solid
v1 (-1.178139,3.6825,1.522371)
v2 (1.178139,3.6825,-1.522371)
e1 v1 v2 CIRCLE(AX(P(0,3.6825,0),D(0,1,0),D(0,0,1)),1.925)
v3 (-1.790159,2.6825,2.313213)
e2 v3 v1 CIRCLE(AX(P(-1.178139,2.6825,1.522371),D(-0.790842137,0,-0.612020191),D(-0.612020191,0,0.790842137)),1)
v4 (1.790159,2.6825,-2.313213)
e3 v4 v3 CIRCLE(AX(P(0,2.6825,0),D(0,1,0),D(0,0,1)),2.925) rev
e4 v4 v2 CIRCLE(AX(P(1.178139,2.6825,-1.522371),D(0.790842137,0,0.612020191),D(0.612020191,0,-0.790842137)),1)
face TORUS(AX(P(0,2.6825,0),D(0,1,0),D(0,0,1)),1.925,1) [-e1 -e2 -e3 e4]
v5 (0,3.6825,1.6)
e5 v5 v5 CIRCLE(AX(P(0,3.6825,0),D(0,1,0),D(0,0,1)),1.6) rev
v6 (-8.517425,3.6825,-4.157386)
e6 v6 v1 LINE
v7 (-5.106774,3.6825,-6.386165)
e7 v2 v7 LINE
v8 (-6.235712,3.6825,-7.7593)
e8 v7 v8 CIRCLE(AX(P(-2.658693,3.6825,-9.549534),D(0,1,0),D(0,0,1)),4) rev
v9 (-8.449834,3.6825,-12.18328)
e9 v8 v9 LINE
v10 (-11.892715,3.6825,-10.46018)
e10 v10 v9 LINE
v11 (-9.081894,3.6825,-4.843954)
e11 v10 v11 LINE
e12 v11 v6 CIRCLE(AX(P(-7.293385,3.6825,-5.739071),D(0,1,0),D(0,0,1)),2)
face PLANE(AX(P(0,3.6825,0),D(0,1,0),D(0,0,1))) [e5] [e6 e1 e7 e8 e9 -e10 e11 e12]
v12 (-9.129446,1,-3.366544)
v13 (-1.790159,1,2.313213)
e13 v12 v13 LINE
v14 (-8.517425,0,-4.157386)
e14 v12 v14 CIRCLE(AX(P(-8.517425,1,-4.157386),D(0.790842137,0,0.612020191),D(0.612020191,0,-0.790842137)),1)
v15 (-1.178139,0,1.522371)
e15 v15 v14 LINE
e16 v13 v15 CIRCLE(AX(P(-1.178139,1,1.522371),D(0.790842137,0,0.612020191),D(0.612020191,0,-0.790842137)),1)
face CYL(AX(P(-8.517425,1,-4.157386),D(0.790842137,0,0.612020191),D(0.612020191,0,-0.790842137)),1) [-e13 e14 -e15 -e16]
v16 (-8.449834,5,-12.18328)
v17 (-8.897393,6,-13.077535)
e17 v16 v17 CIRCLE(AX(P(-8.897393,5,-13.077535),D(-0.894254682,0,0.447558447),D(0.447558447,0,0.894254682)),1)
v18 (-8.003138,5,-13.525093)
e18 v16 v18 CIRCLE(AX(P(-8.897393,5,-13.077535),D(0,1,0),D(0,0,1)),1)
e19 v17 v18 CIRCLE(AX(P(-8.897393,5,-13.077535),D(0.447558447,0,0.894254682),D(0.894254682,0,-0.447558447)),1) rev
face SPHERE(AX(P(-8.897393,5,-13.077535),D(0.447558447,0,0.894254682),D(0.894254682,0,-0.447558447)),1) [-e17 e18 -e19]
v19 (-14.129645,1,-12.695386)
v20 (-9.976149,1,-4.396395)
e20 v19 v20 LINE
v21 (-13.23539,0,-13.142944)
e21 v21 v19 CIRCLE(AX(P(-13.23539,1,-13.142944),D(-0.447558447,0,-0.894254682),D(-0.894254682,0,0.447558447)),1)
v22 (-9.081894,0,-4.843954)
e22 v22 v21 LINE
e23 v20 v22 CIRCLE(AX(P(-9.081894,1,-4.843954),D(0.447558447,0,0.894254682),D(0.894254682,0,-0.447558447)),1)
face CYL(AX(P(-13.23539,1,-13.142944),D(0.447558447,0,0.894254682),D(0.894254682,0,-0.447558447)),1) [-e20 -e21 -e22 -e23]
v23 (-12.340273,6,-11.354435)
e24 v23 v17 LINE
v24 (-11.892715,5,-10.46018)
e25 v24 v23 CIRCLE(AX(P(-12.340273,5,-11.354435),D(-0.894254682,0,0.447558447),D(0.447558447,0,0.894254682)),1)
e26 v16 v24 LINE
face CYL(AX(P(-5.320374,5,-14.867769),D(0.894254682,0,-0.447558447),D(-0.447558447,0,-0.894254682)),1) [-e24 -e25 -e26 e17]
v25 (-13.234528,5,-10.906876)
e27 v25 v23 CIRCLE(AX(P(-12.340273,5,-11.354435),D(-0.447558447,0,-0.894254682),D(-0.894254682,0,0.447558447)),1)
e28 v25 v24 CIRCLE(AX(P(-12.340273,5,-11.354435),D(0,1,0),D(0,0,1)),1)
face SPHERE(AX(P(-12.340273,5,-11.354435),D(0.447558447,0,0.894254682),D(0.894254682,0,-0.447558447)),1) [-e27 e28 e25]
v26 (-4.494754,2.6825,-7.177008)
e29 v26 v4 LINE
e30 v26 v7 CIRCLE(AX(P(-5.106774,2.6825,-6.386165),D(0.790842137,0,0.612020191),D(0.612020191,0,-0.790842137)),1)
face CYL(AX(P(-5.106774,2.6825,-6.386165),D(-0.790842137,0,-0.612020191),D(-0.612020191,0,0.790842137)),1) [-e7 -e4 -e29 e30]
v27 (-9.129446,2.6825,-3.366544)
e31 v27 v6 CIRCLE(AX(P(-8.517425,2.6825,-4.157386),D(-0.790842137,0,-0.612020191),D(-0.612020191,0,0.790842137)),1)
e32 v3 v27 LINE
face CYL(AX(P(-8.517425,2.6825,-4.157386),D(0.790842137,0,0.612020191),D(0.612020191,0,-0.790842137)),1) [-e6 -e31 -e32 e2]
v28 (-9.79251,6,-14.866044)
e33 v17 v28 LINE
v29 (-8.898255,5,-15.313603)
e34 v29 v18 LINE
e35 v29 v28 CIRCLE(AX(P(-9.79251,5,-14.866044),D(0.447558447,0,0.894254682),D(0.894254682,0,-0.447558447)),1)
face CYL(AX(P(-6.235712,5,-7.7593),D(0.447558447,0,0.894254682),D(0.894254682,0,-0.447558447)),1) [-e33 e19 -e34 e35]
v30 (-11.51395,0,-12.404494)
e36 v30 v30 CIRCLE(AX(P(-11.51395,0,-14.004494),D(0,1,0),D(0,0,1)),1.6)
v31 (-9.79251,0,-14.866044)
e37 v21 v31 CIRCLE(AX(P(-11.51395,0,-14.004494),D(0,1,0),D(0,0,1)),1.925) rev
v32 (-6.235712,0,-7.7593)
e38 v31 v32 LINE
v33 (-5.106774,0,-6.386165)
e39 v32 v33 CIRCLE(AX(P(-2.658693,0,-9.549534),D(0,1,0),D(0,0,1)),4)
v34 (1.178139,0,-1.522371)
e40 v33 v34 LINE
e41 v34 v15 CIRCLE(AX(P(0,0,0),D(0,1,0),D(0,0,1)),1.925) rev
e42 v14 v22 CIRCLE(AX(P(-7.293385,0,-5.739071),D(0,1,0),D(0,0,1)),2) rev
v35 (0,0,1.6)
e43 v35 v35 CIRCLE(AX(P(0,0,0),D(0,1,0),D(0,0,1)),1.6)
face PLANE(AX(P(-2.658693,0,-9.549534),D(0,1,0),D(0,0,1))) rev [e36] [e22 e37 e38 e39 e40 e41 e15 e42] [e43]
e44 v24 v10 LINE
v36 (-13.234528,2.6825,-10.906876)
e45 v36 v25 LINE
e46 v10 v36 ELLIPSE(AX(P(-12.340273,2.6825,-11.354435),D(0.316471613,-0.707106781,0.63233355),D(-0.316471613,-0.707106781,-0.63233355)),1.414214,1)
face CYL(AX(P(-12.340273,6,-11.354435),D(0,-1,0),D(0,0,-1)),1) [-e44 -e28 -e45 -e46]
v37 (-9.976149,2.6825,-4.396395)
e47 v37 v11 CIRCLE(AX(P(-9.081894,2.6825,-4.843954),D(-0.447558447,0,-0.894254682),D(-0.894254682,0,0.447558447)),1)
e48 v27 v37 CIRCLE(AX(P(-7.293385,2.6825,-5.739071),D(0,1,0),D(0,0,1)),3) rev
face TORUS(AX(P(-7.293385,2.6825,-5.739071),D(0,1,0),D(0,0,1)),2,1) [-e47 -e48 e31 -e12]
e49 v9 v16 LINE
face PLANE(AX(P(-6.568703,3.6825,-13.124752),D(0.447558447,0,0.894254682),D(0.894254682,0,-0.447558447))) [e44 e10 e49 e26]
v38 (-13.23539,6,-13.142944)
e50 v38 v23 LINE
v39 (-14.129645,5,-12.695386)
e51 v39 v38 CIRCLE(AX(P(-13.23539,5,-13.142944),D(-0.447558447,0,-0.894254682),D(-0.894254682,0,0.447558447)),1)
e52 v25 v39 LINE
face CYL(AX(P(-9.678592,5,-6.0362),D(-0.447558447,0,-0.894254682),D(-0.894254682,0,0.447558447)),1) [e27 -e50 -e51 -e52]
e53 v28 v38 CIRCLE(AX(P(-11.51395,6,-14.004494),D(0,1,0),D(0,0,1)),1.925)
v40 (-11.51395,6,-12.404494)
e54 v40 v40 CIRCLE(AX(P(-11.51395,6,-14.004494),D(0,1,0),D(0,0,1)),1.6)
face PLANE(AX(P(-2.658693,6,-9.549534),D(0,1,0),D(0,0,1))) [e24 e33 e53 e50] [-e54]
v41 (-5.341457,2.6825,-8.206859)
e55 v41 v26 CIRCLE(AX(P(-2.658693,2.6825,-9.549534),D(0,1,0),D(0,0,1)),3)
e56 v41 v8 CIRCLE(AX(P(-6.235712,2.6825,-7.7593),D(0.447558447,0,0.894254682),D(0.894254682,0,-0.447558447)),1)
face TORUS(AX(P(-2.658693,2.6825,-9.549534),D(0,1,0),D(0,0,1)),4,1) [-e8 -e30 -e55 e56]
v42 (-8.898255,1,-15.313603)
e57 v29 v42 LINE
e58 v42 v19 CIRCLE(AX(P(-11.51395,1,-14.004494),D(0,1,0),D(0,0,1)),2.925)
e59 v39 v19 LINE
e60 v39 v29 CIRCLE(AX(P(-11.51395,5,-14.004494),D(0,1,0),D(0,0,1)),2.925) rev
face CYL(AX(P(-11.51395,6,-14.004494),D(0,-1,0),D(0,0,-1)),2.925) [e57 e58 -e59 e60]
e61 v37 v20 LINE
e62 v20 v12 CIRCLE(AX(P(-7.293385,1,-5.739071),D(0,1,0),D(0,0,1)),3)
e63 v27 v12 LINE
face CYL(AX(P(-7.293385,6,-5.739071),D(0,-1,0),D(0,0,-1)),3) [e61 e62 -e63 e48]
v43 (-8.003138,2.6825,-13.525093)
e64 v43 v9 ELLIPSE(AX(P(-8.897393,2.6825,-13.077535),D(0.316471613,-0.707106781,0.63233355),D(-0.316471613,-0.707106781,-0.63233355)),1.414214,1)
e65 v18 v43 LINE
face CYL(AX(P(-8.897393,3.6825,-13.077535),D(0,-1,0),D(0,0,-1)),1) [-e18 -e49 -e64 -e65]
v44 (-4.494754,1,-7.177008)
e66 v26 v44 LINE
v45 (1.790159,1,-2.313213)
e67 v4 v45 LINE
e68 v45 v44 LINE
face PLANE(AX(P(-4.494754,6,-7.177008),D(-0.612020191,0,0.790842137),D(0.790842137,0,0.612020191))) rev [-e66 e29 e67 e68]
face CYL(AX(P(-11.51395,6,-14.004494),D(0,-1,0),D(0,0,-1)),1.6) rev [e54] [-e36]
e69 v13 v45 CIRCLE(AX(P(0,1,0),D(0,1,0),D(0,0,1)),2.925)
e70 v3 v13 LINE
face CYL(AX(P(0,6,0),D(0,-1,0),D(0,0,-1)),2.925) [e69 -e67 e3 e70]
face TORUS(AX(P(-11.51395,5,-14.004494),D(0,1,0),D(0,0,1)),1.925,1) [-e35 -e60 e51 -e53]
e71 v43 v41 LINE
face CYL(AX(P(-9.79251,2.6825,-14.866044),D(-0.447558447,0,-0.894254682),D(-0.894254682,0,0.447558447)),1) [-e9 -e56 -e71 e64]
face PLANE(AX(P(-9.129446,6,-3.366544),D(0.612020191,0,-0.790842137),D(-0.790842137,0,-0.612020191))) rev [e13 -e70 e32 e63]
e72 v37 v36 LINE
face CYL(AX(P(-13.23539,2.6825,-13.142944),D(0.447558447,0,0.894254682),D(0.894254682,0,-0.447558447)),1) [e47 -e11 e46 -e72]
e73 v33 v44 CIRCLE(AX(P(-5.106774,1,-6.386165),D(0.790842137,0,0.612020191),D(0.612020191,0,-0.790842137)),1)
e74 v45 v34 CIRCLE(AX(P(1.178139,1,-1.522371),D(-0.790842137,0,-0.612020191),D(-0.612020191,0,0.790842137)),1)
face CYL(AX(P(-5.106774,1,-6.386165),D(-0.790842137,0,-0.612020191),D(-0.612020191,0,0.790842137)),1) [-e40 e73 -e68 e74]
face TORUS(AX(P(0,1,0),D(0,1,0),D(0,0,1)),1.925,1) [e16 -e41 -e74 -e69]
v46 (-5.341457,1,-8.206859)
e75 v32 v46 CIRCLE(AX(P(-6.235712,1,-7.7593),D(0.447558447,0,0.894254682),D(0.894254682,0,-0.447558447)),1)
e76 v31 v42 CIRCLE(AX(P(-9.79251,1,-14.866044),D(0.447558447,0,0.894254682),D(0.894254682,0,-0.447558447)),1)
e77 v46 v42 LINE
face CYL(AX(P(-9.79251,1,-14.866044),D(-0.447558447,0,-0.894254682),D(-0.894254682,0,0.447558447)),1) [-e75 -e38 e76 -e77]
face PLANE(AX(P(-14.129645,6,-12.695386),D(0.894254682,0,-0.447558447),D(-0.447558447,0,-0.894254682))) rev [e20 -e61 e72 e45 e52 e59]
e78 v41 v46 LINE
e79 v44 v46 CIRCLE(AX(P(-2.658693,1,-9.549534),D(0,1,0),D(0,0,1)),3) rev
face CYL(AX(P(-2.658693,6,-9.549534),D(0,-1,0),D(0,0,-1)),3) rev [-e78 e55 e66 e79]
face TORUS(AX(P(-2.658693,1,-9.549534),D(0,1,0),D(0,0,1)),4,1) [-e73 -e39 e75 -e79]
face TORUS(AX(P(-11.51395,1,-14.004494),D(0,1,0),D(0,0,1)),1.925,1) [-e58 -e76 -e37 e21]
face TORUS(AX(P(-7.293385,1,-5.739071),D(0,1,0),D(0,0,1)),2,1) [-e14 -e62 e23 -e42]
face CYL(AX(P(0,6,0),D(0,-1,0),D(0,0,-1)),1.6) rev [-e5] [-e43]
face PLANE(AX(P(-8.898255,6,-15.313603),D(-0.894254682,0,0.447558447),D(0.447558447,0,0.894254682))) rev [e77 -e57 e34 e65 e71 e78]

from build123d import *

# Parameters (mm, degrees)
SKETCH1_R           = 1.6000000000000019
SKETCH1_R_2         = 1.6
BOSS_EXTRUDE1_DEPTH = 6
FILLET2_R           = 1
CUT_EXTRUDE1_START  = -2.3175
SKETCH3_R           = 1.6
CUT_EXTRUDE1_DEPTH  = 2.3175
FILLET3_R           = 1
FILLET4_R           = 1


with BuildPart() as part:
    # Sketch1 → Boss-Extrude1 (new body)
    with BuildSketch(Plane(origin=(0, 0, 0), x_dir=(1, 0, 0), z_dir=(0, 1, 0))):
        with BuildLine():
            Line((-14.129644992635422, 12.695385617697283), (-9.976148994946639, 4.396395245283378))
            ThreePointArc((-9.976148994946639, 4.396395245283378), (-9.61073090700793, 3.833838918319386), (-9.129445521149016, 3.3665441747595697))
            Line((-9.129445521149016, 3.3665441747595697), (-1.790159058231558, -2.3132132513522183))
            ThreePointArc((-1.790159058231558, -2.3132132513522183), (2.313213251352219, -1.790159058231561), (1.790159058231562, 2.3132132513522174))
            Line((1.790159058231562, 2.3132132513522174), (-4.4947536043408105, 7.1770075109265346))
            ThreePointArc((-4.4947536043408105, 7.1770075109265346), (-4.976038990199725, 7.644302254486349), (-5.3414570781384345, 8.20685858145034))
            Line((-5.3414570781384345, 8.20685858145034), (-8.898255102266939, 15.313602532880296))
            ThreePointArc((-8.898255102266939, 15.313602532880296), (-12.823058505042685, 16.62018902047303), (-14.129644992635422, 12.695385617697283))
        make_face()
        with Locations(Location((-11.51395004745118, 14.00449407528879, 0), (0, 0, 270))):
            Circle(SKETCH1_R, mode=Mode.SUBTRACT)
        with Locations(Location((1.73e-15, -8.7e-16, 0), (0, 0, 270))):
            Circle(SKETCH1_R_2, mode=Mode.SUBTRACT)
    extrude(amount=BOSS_EXTRUDE1_DEPTH)

    # Fillet2
    fillet2_edges = [part.edges().sort_by_distance(p)[0] for p in [
        (-12.05289699379103, 0, -8.545890431490331),
        (-12.823058505042688, 0, -16.62018902047303),
        (-7.119856090202687, 0, -11.760230557165318),
        (-4.976038990199726, 0, -7.64430225448635),
        (-12.823058505042688, 6, -16.62018902047303),
        (-12.05289699379103, 6, -8.545890431490331),
        (-9.61073090700793, 6, -3.833838918319386),
        (-5.459802289690288, 6, -0.5266654617036757),
        (2.3132132513522197, 6, 1.7901590582315603),
        (-1.352297273054624, 6, -4.745110381139376),
        (-4.976038990199726, 6, -7.64430225448635),
        (-1.352297273054624, 0, -4.745110381139376),
        (-7.119856090202687, 6, -11.760230557165318),
        (2.3132132513522197, 0, 1.7901590582315603),
        (-5.459802289690288, 0, -0.5266654617036757),
        (-9.61073090700793, 0, -3.833838918319386),
    ]]
    fillet(fillet2_edges, radius=FILLET2_R)

    # Sketch3 → Cut-Extrude1 (cut)
    # profile 1 of 2: a face of its own
    with BuildSketch(Plane(origin=(0, 6, 0), x_dir=(1, 0, 0), z_dir=(0, 1, 0)).offset(CUT_EXTRUDE1_START)):
        with BuildLine():
            ThreePointArc((-5.106773795189211, 6.386165373712101), (-5.748487643001094, 7.009225031791857), (-6.2357117602527055, 7.75930013441051))
            Line((-6.235711760252705, 7.75930013441051), (-8.449834443261716, 12.183280039497655))
            Line((-8.449834443261715, 12.183280039497657), (-11.892714969401661, 10.460180018394306))
            Line((-11.89271496940166, 10.460180018394302), (-9.08189431283237, 4.843953692323209))
            ThreePointArc((-9.08189431283237, 4.84395369232321), (-8.838282254206565, 4.4689161410138825), (-8.517425330300622, 4.157386311974004))
            Line((-8.517425330300622, 4.157386311974004), (-1.1781388673831632, -1.5223711141377843))
            ThreePointArc((-1.1781388673831628, -1.522371114137784), (1.5223711141377851, -1.1781388673831652), (1.1781388673831665, 1.5223711141377825))
            Line((1.178138867383166, 1.5223711141377825), (-5.10677379518921, 6.386165373712102))
        make_face()
        with Locations(Location((1.73e-15, -8.7e-16, 0), (0, 0, 270))):
            Circle(SKETCH3_R, mode=Mode.SUBTRACT)
    # profile 2 of 2: a face of its own
    with BuildSketch(Plane(origin=(0, 6, 0), x_dir=(1, 0, 0), z_dir=(0, 1, 0)).offset(CUT_EXTRUDE1_START)):
        with BuildLine():
            Line((-8.449834443261716, 12.183280039497655), (-6.235711760252705, 7.75930013441051))
            ThreePointArc((-6.2357117602527055, 7.75930013441051), (-5.748487643001094, 7.009225031791857), (-5.106773795189211, 6.386165373712101))
            Line((-5.10677379518921, 6.386165373712102), (1.178138867383166, 1.5223711141377825))
            ThreePointArc((1.1781388673831665, 1.5223711141377825), (1.5223711141377851, -1.1781388673831652), (-1.1781388673831628, -1.522371114137784))
            Line((-1.1781388673831632, -1.5223711141377843), (-8.517425330300622, 4.157386311974004))
            ThreePointArc((-8.517425330300622, 4.157386311974004), (-8.838282254206565, 4.4689161410138825), (-9.08189431283237, 4.84395369232321))
            Line((-9.08189431283237, 4.843953692323209), (-11.89271496940166, 10.460180018394302))
            Line((-11.892714969401661, 10.460180018394306), (-12.78696965151593, 10.012621571354474))
            Line((-12.78696965151593, 10.012621571354474), (-9.976148994946639, 4.396395245283378))
            ThreePointArc((-9.976148994946639, 4.396395245283378), (-9.61073090700793, 3.8338389183193877), (-9.129445521149018, 3.3665441747595706))
            Line((-9.129445521149016, 3.3665441747595715), (-1.790159058231558, -2.3132132513522183))
            ThreePointArc((-1.7901590582315579, -2.313213251352218), (2.3132132513522183, -1.7901590582315614), (1.7901590582315636, 2.3132132513522152))
            Line((1.7901590582315636, 2.313213251352215), (-4.4947536043408105, 7.1770075109265346))
            ThreePointArc((-4.4947536043408105, 7.177007510926534), (-4.976038990199726, 7.64430225448635), (-5.3414570781384345, 8.20685858145034))
            Line((-5.3414570781384345, 8.20685858145034), (-7.555579761147449, 12.630838486537487))
            Line((-7.555579761147449, 12.630838486537487), (-8.449834443261715, 12.183280039497657))
        make_face()
    extrude(amount=CUT_EXTRUDE1_DEPTH, mode=Mode.SUBTRACT)

    # Fillet3
    fillet3_edges = [part.edges().sort_by_distance(p)[0] for p in [
        (-6.448518419642942, 3.6825, -10.418848533993913),
        (-4.976038990199726, 3.6825, -7.64430225448635),
        (-1.3522972730546234, 3.6825, -4.745110381139375),
        (-5.459802289690288, 3.6825, -0.5266654617036766),
        (-11.381559323231285, 3.6825, -7.204508408318926),
        (-9.61073090700793, 3.6825, -3.8338389183193873),
        (2.3132132513522183, 3.6825, 1.7901590582315612),
    ]]
    fillet(fillet3_edges, radius=FILLET3_R)

    # Fillet4
    fillet4_edges = [part.edges().sort_by_distance(p)[0] for p in [
        (-12.525048519232481, 5.707106781186548, -10.14370840551512),
        (-10.171274706331689, 6, -11.32173002894598),
        (-7.817500893430897, 5.707106781186548, -12.49975165237684),
        (-12.786969651515932, 3.84125, -10.012621571354474),
        (-7.555579761147449, 3.84125, -12.630838486537488),
    ]]
    fillet(fillet4_edges, radius=FILLET4_R)


solid = part.part
